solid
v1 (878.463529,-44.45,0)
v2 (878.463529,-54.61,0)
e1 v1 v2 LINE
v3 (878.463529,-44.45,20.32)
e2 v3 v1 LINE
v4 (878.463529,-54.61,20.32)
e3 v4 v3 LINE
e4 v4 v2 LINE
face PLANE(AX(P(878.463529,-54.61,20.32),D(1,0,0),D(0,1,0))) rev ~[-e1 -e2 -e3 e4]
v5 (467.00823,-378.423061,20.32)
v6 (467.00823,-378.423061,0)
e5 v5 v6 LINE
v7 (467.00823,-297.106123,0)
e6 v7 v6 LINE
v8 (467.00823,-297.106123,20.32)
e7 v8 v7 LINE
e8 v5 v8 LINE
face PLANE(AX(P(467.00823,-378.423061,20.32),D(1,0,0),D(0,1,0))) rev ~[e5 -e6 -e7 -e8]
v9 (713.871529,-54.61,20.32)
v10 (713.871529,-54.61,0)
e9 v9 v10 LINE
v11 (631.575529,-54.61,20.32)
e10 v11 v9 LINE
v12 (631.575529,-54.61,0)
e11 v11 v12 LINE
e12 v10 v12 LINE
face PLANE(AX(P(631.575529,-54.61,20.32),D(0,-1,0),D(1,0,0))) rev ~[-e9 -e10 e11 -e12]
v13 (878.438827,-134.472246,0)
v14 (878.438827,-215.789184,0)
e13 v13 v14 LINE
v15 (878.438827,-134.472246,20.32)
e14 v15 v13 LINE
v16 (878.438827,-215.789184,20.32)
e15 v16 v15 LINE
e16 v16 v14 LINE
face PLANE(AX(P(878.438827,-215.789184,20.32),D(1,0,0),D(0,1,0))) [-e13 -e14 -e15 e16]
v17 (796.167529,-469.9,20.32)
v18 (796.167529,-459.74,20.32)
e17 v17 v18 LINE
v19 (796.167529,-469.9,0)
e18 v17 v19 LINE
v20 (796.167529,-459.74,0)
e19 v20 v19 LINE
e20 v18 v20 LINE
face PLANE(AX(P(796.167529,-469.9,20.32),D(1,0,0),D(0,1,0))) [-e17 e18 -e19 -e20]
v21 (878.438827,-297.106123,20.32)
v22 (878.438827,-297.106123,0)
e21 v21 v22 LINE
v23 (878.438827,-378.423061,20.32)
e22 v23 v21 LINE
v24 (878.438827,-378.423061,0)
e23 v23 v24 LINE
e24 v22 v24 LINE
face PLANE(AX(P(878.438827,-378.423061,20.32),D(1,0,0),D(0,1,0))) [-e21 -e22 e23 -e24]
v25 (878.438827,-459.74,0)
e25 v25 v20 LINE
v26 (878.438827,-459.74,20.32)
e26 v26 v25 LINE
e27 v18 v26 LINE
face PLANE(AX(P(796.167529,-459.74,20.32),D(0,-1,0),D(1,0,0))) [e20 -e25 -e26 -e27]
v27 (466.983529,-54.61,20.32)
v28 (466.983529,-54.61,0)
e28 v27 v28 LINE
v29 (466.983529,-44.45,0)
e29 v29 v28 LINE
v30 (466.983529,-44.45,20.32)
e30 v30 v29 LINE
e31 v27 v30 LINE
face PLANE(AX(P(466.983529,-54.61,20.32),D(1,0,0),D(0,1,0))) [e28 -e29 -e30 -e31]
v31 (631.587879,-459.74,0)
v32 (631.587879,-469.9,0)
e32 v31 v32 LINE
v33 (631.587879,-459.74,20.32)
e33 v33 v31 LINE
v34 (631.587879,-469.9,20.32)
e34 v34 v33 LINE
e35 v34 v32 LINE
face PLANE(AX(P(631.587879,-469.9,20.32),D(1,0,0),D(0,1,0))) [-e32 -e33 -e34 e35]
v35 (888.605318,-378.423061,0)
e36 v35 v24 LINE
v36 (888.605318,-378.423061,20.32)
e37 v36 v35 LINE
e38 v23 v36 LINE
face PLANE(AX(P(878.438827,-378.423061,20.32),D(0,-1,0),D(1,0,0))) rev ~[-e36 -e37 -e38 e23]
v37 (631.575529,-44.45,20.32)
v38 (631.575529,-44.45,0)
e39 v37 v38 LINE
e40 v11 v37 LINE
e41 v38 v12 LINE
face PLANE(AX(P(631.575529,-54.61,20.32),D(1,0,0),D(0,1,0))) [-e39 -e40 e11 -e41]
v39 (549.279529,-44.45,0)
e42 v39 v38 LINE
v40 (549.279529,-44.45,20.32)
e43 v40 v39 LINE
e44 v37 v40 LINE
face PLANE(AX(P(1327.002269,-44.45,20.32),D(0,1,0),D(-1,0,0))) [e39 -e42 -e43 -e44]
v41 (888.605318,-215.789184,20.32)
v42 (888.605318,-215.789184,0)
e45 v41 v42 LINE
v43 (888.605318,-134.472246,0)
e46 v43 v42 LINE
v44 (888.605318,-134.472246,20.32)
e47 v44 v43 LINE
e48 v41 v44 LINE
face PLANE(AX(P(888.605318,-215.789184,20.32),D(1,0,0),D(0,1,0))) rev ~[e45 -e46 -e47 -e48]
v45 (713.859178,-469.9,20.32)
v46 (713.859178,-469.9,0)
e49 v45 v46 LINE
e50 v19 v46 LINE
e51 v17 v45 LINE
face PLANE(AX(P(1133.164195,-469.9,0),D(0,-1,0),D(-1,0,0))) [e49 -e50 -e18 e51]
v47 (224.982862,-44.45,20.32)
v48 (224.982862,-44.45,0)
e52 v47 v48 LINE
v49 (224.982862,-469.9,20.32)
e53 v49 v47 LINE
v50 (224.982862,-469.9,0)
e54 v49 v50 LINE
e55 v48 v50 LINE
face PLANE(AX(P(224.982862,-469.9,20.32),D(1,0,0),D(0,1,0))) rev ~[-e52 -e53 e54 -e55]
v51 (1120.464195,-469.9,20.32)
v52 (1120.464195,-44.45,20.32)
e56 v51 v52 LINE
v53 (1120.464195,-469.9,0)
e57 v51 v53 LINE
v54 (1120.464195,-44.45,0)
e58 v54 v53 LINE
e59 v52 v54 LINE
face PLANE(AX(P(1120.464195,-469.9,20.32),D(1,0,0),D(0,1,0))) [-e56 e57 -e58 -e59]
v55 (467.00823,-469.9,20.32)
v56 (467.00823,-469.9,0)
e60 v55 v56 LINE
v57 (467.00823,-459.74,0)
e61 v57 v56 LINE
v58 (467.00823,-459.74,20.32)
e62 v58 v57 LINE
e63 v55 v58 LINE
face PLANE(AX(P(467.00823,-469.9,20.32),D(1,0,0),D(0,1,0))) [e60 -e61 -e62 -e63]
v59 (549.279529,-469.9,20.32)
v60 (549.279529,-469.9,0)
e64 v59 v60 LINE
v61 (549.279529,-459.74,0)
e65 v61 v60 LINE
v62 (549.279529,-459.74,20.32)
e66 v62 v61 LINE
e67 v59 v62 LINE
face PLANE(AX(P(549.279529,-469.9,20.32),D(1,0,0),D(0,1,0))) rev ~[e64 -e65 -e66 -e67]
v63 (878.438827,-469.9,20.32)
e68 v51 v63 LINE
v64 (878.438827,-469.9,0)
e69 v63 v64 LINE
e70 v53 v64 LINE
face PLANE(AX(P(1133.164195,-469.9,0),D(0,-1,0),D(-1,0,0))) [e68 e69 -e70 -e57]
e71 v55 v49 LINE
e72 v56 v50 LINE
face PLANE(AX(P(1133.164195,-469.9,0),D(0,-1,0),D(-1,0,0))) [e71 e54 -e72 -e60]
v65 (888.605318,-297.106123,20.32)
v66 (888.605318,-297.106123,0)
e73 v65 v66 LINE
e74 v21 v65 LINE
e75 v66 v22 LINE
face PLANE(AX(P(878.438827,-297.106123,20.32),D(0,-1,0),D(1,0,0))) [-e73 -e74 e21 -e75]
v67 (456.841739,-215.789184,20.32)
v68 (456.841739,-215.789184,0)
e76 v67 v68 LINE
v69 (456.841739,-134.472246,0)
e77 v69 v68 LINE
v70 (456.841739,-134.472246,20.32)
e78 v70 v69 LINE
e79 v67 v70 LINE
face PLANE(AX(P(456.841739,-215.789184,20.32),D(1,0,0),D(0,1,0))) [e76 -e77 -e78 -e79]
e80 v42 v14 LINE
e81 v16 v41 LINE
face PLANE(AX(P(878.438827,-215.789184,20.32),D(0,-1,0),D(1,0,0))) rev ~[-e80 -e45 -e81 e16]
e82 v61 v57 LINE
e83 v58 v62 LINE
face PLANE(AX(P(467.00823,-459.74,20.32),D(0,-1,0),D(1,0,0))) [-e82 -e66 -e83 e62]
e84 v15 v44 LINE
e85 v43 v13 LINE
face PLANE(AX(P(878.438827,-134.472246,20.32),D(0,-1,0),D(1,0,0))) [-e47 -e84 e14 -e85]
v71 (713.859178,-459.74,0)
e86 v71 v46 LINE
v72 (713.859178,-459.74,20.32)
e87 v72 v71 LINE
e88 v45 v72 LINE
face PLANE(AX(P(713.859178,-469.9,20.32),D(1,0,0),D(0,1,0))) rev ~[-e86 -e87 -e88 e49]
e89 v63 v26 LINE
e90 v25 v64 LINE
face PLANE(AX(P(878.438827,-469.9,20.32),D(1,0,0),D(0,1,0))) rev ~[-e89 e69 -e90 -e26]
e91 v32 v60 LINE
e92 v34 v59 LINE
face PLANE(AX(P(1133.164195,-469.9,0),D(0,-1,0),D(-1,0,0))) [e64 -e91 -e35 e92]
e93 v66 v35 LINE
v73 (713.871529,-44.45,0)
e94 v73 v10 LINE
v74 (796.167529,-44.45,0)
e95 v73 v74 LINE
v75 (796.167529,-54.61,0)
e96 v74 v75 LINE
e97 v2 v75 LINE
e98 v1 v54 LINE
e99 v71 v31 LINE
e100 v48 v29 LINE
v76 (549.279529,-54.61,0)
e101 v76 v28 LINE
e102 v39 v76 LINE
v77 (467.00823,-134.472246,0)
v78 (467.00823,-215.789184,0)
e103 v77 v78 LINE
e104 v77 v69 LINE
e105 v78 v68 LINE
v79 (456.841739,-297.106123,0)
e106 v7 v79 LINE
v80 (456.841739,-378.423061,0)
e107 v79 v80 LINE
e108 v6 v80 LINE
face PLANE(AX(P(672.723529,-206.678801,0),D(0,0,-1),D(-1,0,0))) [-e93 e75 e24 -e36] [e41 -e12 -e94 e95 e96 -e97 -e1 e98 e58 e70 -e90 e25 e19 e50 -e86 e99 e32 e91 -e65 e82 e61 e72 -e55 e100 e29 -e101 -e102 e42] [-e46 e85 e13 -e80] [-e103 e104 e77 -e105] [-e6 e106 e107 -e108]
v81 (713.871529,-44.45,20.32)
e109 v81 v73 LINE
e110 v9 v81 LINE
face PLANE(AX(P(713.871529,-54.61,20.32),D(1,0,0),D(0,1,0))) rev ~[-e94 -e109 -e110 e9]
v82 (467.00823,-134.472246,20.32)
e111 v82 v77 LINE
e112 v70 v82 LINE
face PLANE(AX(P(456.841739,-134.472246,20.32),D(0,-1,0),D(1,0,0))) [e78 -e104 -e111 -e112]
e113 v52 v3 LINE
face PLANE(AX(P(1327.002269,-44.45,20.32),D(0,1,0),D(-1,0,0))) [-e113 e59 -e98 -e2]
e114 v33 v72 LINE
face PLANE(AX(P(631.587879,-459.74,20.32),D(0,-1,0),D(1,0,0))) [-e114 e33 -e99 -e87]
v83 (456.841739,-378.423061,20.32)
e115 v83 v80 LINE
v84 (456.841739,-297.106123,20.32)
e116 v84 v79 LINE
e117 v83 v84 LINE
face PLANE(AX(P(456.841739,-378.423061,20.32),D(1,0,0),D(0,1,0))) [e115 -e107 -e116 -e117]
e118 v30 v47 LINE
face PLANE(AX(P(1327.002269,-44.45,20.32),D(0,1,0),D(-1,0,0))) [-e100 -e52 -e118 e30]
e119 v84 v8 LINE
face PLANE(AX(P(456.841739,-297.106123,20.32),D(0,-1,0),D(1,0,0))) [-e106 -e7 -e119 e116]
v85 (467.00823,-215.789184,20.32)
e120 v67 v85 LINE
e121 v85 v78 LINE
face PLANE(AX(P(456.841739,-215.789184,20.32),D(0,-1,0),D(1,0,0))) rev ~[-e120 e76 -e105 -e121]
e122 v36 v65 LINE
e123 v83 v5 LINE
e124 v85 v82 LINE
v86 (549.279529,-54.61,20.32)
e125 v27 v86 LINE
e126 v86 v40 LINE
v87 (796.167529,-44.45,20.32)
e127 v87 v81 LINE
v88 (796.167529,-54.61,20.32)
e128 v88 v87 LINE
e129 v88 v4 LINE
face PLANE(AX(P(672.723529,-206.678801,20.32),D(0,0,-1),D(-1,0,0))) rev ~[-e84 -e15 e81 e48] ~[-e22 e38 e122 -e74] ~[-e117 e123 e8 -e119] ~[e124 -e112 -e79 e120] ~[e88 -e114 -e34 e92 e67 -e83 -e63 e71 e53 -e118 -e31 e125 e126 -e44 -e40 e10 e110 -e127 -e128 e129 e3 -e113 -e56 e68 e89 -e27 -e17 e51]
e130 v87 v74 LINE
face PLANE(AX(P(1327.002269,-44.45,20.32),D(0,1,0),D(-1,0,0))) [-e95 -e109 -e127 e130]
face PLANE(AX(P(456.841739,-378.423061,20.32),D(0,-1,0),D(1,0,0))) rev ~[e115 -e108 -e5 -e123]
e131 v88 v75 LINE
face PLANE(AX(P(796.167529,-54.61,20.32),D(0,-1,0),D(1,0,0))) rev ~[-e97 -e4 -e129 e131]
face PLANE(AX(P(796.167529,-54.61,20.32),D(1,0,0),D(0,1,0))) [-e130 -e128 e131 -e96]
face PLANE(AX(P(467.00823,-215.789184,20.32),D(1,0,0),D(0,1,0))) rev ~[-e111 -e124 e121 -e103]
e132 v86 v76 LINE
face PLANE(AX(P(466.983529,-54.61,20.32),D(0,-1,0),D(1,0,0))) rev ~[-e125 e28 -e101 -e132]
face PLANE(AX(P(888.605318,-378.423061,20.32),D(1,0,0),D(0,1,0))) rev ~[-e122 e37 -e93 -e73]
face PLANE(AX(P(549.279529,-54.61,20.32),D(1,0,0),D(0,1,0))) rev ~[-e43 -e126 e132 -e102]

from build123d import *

# Parameters (mm, degrees)
BOSS_EXTRUDE1_DEPTH = 20.32
SKETCH2_W           = 10.166490401
SKETCH2_H           = 81.316938585
SKETCH2_W_2         = 10.166490402
SKETCH2_H_2         = 81.316938584
SKETCH2_W_3         = 82.271298803
SKETCH2_H_3         = 10.16
CUT_EXTRUDE2_DEPTH  = 137.414
CUT_EXTRUDE3_DEPTH  = 1426.288377921
SKETCH5_W           = 82.296
SKETCH5_H           = 10.16
CUT_EXTRUDE4_DEPTH  = 1408.889980636
CUT_EXTRUDE5_DEPTH  = 1408.889980636
SKETCH7_W           = 370.520147136
SKETCH7_H           = 597.78628448
SKETCH7_W_2         = 231.394598612
SKETCH7_H_2         = 493.59842382
CUT_EXTRUDE6_DEPTH  = 25.4


with BuildPart() as part:
    # Sketch1 → Boss-Extrude1 (new body)
    with BuildSketch(Plane.XY):
        with BuildLine():
            Line((0, 0), (1345.447057269, 0))
            Line((1345.447057269, 0), (1156.937235756, -454.288839135))
            add(Edge.make_bspline(
                [(1156.937235756, -454.288839135), (1155.965204773, -456.631331547), (1154.630956054, -458.816896883), (1152.225947859, -461.69350105), (1151.355065983, -462.590813772), (1149.473312624, -464.260936999), (1148.45987476, -465.033112958), (1146.360299176, -466.401155283), (1145.26635201, -467.004685932), (1142.990856866, -468.052074807), (1141.798989191, -468.498505895), (1138.174492983, -469.560599459), (1135.699262078, -469.911644948), (1133.16419506, -469.9)],
                knots=[0, 0, 0, 0, 0.25, 0.25, 0.375, 0.375, 0.5, 0.5, 0.625, 0.625, 0.75, 0.75, 1, 1, 1, 1], degree=3))
            Line((1133.16419506, -469.9), (212.282862208, -469.9))
            add(Edge.make_bspline(
                [(188.509821513, -454.288839135), (189.481852496, -456.631331547), (190.816101215, -458.816896883), (193.22110941, -461.69350105), (194.091991286, -462.590813772), (195.973744645, -464.260936999), (196.987182509, -465.033112958), (199.086758093, -466.401155283), (200.180705259, -467.004685932), (202.456200403, -468.052074807), (203.648068078, -468.498505895), (207.272564286, -469.560599459), (209.747795191, -469.911644948), (212.282862208, -469.9)],
                knots=[0, 0, 0, 0, 0.25, 0.25, 0.375, 0.375, 0.5, 0.5, 0.625, 0.625, 0.75, 0.75, 1, 1, 1, 1], degree=3))
            Line((188.509821513, -454.288839135), (0, 0))
        make_face()
    extrude(amount=BOSS_EXTRUDE1_DEPTH)

    # Sketch2 → Cut-Extrude2 (cut)
    with BuildSketch(Plane.XY.offset(20.32)):
        with Locations((461.924984631, -337.764592123)):
            Rectangle(SKETCH2_W, SKETCH2_H)
        with Locations((883.522072638, -337.764592123)):
            Rectangle(SKETCH2_W_2, SKETCH2_H)
        with Locations((883.522072638, -175.130714953)):
            Rectangle(SKETCH2_W_2, SKETCH2_H_2)
        with Locations((461.924984631, -175.130714953)):
            Rectangle(SKETCH2_W, SKETCH2_H_2)
        with Locations((837.303178036, -464.82)):
            Rectangle(SKETCH2_W_3, SKETCH2_H_3)
        with Locations((672.723528635, -464.82)):
            Rectangle(SKETCH2_W_3, SKETCH2_H_3)
        with Locations((508.143879233, -464.82)):
            Rectangle(SKETCH2_W_3, SKETCH2_H_3)
    extrude(amount=-CUT_EXTRUDE2_DEPTH, mode=Mode.SUBTRACT)

    # Sketch4 → Cut-Extrude3 (cut, through all)
    with BuildSketch(Plane.XY.offset(20.32)):
        Polygon((0, 0), (1345.447057269, 0), (1327.002268746, -44.45), (18.444788523, -44.45), align=None)
    extrude(amount=-CUT_EXTRUDE3_DEPTH, mode=Mode.SUBTRACT)

    # Sketch5 → Cut-Extrude4 (cut, through all)
    with BuildSketch(Plane.XY.offset(20.32)):
        with Locations((508.131528634, -49.53)):
            Rectangle(SKETCH5_W, SKETCH5_H)
        with Locations((672.723528634, -49.53)):
            Rectangle(SKETCH5_W, SKETCH5_H)
        with Locations((837.315528634, -49.53)):
            Rectangle(SKETCH5_W, SKETCH5_H)
    extrude(amount=-CUT_EXTRUDE4_DEPTH, mode=Mode.SUBTRACT)

    # Sketch6 → Cut-Extrude5 (cut, through all)
    with BuildSketch(Plane.XY.offset(20.32)):
        Polygon((192.807539001, -448.077869782), (224.982862208, -469.9), (232.080223429, -549.766419732), (-59.510742861, -242.335130221), (-120.238907144, 37.382474964), (56.544788523, -44.45), (56.544788523, -119.698975594), align=None)
        Polygon((1120.46419506, -469.9), (1113.36683384, -549.766419732), (1404.95780013, -242.335130221), (1465.685964413, 37.382474964), (1288.902268746, -44.45), (1288.902268746, -119.698975594), (1152.639518267, -448.077869782), align=None)
    extrude(amount=-CUT_EXTRUDE5_DEPTH, mode=Mode.SUBTRACT)

    # Sketch7 → Cut-Extrude6 (cut)
    with BuildSketch(Plane.XY.offset(20.32)):
        with Locations((39.72278864, -171.00685776)):
            Rectangle(SKETCH7_W, SKETCH7_H)
        with Locations((1236.161494366, -223.10078809)):
            Rectangle(SKETCH7_W_2, SKETCH7_H_2)
    extrude(amount=-CUT_EXTRUDE6_DEPTH, mode=Mode.SUBTRACT)


solid = part.part
